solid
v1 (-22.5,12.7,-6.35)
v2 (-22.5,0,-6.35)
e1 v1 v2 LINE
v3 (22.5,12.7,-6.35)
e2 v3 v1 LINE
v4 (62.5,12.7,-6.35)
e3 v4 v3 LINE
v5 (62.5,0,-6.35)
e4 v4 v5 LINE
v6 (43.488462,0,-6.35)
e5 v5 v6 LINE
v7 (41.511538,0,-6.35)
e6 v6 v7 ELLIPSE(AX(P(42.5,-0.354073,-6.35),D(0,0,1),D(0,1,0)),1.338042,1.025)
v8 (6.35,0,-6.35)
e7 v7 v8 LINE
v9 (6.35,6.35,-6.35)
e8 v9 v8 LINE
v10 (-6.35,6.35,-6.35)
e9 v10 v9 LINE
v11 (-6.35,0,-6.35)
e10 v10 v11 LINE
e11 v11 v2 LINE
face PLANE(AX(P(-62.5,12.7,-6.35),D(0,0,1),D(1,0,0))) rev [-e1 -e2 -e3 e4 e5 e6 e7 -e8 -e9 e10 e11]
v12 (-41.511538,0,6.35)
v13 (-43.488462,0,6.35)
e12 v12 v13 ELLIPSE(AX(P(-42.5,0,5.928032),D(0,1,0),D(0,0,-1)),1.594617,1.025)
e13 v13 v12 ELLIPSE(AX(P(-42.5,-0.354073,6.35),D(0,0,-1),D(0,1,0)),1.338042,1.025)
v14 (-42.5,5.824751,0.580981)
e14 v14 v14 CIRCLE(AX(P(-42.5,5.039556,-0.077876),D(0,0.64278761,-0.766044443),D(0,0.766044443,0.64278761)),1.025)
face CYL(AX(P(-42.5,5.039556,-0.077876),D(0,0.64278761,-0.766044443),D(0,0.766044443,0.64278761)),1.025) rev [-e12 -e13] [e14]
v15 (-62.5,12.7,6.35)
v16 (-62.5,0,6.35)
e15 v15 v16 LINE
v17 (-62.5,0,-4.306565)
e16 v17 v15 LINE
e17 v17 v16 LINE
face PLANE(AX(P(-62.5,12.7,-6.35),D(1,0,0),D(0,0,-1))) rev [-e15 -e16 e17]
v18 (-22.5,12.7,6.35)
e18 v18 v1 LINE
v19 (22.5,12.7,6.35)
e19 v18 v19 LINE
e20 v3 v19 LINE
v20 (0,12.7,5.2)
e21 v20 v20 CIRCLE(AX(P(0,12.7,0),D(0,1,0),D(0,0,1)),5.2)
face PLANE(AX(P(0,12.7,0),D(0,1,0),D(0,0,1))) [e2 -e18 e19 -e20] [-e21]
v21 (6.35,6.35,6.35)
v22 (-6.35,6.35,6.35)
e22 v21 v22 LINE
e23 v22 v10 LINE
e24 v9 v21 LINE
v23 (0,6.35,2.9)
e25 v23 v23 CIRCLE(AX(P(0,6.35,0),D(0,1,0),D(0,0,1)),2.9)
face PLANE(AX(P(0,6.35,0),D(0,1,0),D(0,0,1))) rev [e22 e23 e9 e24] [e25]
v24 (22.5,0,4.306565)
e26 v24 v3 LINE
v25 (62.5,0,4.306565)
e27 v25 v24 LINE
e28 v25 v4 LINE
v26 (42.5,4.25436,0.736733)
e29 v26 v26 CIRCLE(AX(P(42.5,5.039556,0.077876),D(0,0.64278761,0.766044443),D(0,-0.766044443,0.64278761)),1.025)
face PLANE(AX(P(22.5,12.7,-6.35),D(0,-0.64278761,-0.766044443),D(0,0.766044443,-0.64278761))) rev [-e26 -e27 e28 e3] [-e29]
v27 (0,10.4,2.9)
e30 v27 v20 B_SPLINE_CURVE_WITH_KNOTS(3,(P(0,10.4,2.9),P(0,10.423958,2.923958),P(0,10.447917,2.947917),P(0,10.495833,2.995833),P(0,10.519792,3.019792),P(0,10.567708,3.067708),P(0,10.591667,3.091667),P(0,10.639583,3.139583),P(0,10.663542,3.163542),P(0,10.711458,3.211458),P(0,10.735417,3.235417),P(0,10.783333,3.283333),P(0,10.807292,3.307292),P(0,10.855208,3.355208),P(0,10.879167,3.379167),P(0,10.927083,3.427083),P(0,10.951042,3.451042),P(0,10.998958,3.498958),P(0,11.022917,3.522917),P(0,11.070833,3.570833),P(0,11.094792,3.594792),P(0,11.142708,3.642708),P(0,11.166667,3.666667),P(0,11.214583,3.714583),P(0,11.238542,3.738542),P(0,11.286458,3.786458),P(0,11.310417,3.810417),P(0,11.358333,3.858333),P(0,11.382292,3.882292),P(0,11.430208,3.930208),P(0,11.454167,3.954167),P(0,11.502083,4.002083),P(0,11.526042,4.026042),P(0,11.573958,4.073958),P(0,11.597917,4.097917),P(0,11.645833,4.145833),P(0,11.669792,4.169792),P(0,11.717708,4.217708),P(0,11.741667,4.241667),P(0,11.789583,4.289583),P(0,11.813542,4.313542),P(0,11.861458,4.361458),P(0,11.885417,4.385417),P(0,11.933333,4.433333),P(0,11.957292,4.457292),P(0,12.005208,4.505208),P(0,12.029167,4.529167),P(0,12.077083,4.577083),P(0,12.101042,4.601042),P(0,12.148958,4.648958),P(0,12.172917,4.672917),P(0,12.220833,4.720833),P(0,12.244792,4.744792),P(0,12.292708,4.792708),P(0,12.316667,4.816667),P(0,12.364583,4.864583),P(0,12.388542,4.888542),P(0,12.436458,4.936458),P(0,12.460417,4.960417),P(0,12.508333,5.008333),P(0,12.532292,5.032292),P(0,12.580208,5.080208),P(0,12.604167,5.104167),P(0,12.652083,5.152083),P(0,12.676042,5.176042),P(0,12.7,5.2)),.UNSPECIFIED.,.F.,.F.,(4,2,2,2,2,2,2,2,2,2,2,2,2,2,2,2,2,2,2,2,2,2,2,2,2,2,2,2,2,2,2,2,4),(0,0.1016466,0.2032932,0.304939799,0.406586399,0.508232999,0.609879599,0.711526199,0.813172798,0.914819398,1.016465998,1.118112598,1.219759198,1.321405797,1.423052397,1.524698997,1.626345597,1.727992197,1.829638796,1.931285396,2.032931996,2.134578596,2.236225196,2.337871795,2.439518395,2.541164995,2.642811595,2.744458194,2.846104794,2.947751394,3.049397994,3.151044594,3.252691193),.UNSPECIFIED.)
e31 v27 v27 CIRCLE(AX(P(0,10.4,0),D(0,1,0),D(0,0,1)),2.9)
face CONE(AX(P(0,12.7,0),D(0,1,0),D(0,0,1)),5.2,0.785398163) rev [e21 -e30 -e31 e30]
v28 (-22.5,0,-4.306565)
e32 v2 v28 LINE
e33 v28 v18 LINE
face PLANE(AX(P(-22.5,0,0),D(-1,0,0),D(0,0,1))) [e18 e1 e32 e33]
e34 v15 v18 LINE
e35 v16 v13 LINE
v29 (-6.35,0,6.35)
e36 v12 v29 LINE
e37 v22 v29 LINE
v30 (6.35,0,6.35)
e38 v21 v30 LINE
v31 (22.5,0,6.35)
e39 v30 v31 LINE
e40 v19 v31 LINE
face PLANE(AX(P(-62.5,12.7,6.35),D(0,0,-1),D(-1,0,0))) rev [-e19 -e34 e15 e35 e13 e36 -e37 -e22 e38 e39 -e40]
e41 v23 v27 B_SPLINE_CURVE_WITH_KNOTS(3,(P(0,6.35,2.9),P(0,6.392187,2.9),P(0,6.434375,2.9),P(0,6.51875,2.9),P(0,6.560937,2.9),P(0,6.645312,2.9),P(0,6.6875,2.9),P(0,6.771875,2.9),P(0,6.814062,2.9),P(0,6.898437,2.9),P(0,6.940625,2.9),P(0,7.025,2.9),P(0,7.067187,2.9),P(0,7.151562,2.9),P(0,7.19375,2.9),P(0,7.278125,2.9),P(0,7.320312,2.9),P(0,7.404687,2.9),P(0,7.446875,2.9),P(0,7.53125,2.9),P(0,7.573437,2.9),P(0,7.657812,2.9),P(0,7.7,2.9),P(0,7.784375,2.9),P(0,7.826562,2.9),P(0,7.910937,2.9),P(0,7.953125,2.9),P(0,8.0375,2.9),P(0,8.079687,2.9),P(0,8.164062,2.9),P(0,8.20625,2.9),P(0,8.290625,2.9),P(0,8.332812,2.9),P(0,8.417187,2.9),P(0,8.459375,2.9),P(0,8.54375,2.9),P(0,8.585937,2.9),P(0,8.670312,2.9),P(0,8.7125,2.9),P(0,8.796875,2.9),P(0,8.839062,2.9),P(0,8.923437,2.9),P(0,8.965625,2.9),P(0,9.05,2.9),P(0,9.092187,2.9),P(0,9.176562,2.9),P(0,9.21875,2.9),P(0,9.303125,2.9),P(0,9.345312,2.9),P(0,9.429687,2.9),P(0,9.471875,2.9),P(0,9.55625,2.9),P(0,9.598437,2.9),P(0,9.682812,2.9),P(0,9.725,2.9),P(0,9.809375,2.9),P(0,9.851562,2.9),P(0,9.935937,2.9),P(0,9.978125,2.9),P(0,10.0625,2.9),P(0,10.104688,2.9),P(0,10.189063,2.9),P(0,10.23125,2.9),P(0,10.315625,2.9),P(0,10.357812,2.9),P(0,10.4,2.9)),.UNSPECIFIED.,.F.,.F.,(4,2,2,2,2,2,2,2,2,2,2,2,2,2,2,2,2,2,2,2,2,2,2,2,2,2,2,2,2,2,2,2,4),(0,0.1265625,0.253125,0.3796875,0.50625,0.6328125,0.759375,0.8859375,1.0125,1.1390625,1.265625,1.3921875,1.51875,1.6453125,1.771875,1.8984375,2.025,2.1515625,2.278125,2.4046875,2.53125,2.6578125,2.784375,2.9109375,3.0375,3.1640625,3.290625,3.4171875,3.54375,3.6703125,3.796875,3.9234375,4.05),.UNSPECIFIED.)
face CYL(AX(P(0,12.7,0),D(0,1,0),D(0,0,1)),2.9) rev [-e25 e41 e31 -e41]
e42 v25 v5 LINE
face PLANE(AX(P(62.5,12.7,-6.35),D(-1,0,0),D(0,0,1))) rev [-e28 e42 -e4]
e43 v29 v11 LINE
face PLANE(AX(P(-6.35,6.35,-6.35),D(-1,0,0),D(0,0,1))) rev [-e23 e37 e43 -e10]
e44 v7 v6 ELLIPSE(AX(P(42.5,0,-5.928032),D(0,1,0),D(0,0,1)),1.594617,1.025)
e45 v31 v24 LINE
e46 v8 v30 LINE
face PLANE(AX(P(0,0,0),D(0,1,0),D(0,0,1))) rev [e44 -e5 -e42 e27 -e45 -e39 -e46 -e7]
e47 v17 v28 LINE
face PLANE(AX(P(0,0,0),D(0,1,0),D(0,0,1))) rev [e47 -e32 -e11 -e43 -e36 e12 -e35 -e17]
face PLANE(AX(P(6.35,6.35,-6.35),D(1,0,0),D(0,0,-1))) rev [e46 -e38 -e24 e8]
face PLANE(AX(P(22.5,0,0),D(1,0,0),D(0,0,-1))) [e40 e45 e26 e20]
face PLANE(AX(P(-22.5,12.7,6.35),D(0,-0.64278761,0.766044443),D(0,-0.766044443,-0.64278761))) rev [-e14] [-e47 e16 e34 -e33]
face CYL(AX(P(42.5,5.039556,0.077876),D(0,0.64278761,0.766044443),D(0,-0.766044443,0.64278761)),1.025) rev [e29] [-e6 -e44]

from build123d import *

# Parameters (mm, degrees)
SKETCH1_W                                       = 125
SKETCH1_H                                       = 12.7
BOSS_EXTRUDE1_DEPTH                             = 12.7
SKETCH2_W                                       = 12.7
SKETCH2_H                                       = 12.7
CUT_EXTRUDE1_DEPTH                              = 6.35
CSK_FOR_M5_FLAT_HEAD_MACHINE_SCREW1_D           = 5.8
CSK_FOR_M5_FLAT_HEAD_MACHINE_SCREW1_CSINK_D     = 10.4
CSK_FOR_M5_FLAT_HEAD_MACHINE_SCREW1_CSINK_ANGLE = 90
CUT_EXTRUDE2_DEPTH                              = 40
TAP_DRILL_FOR_M2_5X0_45_TAP1_D                  = 2.05
TAP_DRILL_FOR_M2_5X0_45_TAP1_DEPTH              = 8.164811475
CIRPATTERN1_COUNT                               = 2


with BuildPart() as part:
    # Sketch1 → Boss-Extrude1 (new body)
    with BuildSketch(Plane(origin=(0, 0, 0), x_dir=(1, 0, 0), z_dir=(0, 1, 0))):
        Rectangle(SKETCH1_W, SKETCH1_H)
    extrude(amount=BOSS_EXTRUDE1_DEPTH)

    # Sketch2 → Cut-Extrude1 (cut)
    with BuildSketch(Plane.XZ):
        Rectangle(SKETCH2_W, SKETCH2_H)
    extrude(amount=-CUT_EXTRUDE1_DEPTH, mode=Mode.SUBTRACT)

    # CSK for M5 Flat Head Machine Screw1 (through all)
    with Locations(Plane.ZX.offset(12.7)):
        with Locations((0, 0)):
            CounterSinkHole(CSK_FOR_M5_FLAT_HEAD_MACHINE_SCREW1_D / 2, CSK_FOR_M5_FLAT_HEAD_MACHINE_SCREW1_CSINK_D / 2, counter_sink_angle=CSK_FOR_M5_FLAT_HEAD_MACHINE_SCREW1_CSINK_ANGLE)

    # Sketch7 → Cut-Extrude2 (cut)
    with BuildSketch(Plane(origin=(62.5, 0, 0), x_dir=(0, 0, -1), z_dir=(1, 0, 0))):
        Polygon((6.35, 12.7), (-6.35, -2.435270626), (-6.35, 12.7), align=None)
    cut_extrude2 = extrude(amount=-CUT_EXTRUDE2_DEPTH, mode=Mode.SUBTRACT)

    # Tap Drill for M2.5x0.45 Tap1
    with Locations(Plane(origin=(42.5, 5.039555569, 0.077876097), x_dir=(0, 0.766044443119, -0.642787609687), z_dir=(0, 0.642787609687, 0.766044443119))):
        with Locations((0, 0)):
            tap_drill_for_m2_5x0_45_tap1 = Hole(TAP_DRILL_FOR_M2_5X0_45_TAP1_D / 2, depth=TAP_DRILL_FOR_M2_5X0_45_TAP1_DEPTH)

    # CirPattern1: Cut-Extrude2, Tap Drill for M2.5x0.45 Tap1 ×2 about axis
    cirpattern1_axis = Axis((0, 0, 0), (0, 1, 0))
    add([cut_extrude2.rotate(cirpattern1_axis, i * 360 / CIRPATTERN1_COUNT) for i in range(1, CIRPATTERN1_COUNT)], mode=Mode.SUBTRACT)
    add([tap_drill_for_m2_5x0_45_tap1.rotate(cirpattern1_axis, i * 360 / CIRPATTERN1_COUNT) for i in range(1, CIRPATTERN1_COUNT)], mode=Mode.SUBTRACT)


solid = part.part
